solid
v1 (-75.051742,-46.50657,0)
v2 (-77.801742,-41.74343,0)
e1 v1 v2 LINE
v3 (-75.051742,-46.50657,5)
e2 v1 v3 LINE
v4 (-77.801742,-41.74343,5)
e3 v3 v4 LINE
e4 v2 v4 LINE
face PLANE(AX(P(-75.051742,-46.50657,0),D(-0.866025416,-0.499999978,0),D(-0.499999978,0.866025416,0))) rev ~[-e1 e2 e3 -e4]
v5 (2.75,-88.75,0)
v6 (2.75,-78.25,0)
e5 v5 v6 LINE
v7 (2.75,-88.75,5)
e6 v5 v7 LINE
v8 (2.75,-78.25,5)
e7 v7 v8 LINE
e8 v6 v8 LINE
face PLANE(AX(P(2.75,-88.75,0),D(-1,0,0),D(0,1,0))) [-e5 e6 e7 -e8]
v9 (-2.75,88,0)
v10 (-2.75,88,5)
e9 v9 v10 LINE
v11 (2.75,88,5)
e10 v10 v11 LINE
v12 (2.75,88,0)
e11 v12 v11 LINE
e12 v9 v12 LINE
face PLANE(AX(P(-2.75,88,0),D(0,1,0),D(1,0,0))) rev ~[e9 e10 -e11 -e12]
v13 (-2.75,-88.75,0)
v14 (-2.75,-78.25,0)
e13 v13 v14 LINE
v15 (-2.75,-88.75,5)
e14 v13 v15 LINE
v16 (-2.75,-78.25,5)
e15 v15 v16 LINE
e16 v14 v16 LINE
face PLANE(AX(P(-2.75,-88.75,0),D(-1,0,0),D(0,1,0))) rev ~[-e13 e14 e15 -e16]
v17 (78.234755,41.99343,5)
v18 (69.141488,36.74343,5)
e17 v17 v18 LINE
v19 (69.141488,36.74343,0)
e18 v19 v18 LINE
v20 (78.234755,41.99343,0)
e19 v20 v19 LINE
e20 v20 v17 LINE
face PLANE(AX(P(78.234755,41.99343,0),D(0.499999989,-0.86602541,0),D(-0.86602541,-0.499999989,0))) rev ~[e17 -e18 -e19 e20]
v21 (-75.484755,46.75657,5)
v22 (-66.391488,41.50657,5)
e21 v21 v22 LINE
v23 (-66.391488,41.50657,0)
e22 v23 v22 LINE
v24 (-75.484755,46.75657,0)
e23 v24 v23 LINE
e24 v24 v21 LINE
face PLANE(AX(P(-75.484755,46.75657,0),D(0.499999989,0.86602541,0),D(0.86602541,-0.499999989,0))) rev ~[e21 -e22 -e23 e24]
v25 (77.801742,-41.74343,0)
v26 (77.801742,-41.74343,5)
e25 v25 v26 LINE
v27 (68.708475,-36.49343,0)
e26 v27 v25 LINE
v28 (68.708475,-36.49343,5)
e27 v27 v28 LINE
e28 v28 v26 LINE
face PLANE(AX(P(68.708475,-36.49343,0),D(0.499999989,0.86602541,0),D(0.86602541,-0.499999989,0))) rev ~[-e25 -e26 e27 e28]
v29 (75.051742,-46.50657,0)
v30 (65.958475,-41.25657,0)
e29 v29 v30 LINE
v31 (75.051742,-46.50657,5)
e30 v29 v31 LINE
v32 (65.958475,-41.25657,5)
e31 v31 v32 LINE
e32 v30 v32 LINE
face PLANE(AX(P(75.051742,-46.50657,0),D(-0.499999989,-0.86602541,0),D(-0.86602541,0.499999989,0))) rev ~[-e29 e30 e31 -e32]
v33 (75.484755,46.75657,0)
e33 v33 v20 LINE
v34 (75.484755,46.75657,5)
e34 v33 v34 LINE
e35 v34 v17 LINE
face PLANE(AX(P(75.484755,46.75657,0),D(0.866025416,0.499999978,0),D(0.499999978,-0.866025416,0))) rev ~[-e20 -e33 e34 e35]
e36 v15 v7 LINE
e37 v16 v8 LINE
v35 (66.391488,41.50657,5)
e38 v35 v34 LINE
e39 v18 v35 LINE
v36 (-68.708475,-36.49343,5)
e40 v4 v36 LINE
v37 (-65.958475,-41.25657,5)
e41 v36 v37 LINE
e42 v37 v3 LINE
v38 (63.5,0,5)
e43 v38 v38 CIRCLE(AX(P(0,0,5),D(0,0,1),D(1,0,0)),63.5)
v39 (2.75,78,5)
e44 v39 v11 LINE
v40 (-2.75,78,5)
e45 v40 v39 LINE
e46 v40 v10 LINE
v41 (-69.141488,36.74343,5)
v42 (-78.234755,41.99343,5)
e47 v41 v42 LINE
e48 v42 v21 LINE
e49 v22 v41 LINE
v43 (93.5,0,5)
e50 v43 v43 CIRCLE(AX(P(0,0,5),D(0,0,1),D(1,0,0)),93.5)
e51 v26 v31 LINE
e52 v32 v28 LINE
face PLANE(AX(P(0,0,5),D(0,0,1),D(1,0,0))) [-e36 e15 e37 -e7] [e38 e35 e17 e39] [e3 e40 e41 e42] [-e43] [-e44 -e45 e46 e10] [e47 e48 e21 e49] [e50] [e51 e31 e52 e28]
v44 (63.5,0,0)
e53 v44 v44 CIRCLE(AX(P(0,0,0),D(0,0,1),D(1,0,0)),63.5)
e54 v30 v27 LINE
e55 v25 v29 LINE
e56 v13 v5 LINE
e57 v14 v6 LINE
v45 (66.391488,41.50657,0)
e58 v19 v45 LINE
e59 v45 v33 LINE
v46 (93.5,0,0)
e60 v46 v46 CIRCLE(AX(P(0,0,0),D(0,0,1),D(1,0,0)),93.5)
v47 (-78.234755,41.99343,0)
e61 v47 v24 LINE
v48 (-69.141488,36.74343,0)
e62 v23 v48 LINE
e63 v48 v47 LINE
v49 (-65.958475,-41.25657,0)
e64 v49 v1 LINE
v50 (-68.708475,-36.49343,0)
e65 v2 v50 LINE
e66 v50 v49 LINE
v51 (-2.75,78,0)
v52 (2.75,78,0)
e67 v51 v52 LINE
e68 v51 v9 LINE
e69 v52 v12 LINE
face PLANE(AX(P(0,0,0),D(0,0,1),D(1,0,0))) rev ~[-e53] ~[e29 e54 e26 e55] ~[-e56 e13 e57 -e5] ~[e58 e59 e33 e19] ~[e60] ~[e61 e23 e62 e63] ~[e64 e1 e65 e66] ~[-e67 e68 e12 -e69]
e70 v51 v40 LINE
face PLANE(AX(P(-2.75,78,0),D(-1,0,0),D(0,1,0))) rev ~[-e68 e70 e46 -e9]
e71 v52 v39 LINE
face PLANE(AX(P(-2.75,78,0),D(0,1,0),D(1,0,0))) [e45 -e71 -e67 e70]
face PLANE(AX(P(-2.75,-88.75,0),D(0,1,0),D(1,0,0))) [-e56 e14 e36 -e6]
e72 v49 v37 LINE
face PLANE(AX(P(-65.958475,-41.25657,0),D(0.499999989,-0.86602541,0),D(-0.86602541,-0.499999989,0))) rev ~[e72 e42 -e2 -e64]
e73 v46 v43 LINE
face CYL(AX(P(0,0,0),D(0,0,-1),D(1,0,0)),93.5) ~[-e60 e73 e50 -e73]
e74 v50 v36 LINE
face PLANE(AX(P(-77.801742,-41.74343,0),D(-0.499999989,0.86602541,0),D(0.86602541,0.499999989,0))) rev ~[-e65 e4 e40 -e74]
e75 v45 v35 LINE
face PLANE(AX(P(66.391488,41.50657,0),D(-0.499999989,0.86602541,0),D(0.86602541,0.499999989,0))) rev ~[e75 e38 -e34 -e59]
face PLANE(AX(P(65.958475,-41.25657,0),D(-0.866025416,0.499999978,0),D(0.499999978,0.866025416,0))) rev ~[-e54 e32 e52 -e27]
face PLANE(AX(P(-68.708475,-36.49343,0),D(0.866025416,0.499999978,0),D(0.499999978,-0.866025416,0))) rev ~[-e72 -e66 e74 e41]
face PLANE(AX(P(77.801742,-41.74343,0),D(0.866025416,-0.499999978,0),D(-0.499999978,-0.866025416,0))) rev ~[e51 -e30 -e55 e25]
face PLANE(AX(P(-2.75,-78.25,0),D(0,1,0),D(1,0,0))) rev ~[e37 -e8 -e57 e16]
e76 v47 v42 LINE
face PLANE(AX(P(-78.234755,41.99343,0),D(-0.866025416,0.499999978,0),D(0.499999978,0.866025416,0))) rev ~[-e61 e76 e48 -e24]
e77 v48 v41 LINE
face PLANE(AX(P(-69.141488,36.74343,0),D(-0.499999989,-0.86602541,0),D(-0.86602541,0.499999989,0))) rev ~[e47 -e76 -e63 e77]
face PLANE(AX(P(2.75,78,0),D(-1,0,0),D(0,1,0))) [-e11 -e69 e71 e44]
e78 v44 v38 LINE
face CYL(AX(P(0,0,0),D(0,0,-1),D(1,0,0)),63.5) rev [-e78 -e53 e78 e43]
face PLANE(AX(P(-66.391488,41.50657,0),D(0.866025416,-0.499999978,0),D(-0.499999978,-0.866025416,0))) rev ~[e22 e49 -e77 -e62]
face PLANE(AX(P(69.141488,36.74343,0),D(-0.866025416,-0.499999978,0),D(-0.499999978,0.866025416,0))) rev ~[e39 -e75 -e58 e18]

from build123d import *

# Parameters (mm, degrees)
F0_R     = 93.5
F0_W     = 5.5
F0_H     = 10.5
F0_R_2   = 63.5
F0_H_2   = 10
F1_DEPTH = 5


with BuildPart() as f1:
    # F0 (on Top) → F1 (new body)
    with BuildSketch(Plane.XY):
        Circle(F0_R)
        with Locations((0, -83.5)):
            Rectangle(F0_W, F0_H, mode=Mode.SUBTRACT)
        Polygon((-77.801742, -41.74343), (-68.708475, -36.49343), (-65.958475, -41.25657), (-75.051742, -46.50657), align=None, mode=Mode.SUBTRACT)
        Circle(F0_R_2, mode=Mode.SUBTRACT)
        Polygon((65.958475, -41.25657), (68.708475, -36.49343), (77.801742, -41.74343), (75.051742, -46.50657), align=None, mode=Mode.SUBTRACT)
        Polygon((-66.391488, 41.50657), (-69.141488, 36.74343), (-78.234755, 41.99343), (-75.484755, 46.75657), align=None, mode=Mode.SUBTRACT)
        with Locations((0, 83)):
            Rectangle(F0_W, F0_H_2, mode=Mode.SUBTRACT)
        Polygon((69.141488, 36.74343), (66.391488, 41.50657), (75.484755, 46.75657), (78.234755, 41.99343), align=None, mode=Mode.SUBTRACT)
    extrude(amount=F1_DEPTH)


solid = f1.part
